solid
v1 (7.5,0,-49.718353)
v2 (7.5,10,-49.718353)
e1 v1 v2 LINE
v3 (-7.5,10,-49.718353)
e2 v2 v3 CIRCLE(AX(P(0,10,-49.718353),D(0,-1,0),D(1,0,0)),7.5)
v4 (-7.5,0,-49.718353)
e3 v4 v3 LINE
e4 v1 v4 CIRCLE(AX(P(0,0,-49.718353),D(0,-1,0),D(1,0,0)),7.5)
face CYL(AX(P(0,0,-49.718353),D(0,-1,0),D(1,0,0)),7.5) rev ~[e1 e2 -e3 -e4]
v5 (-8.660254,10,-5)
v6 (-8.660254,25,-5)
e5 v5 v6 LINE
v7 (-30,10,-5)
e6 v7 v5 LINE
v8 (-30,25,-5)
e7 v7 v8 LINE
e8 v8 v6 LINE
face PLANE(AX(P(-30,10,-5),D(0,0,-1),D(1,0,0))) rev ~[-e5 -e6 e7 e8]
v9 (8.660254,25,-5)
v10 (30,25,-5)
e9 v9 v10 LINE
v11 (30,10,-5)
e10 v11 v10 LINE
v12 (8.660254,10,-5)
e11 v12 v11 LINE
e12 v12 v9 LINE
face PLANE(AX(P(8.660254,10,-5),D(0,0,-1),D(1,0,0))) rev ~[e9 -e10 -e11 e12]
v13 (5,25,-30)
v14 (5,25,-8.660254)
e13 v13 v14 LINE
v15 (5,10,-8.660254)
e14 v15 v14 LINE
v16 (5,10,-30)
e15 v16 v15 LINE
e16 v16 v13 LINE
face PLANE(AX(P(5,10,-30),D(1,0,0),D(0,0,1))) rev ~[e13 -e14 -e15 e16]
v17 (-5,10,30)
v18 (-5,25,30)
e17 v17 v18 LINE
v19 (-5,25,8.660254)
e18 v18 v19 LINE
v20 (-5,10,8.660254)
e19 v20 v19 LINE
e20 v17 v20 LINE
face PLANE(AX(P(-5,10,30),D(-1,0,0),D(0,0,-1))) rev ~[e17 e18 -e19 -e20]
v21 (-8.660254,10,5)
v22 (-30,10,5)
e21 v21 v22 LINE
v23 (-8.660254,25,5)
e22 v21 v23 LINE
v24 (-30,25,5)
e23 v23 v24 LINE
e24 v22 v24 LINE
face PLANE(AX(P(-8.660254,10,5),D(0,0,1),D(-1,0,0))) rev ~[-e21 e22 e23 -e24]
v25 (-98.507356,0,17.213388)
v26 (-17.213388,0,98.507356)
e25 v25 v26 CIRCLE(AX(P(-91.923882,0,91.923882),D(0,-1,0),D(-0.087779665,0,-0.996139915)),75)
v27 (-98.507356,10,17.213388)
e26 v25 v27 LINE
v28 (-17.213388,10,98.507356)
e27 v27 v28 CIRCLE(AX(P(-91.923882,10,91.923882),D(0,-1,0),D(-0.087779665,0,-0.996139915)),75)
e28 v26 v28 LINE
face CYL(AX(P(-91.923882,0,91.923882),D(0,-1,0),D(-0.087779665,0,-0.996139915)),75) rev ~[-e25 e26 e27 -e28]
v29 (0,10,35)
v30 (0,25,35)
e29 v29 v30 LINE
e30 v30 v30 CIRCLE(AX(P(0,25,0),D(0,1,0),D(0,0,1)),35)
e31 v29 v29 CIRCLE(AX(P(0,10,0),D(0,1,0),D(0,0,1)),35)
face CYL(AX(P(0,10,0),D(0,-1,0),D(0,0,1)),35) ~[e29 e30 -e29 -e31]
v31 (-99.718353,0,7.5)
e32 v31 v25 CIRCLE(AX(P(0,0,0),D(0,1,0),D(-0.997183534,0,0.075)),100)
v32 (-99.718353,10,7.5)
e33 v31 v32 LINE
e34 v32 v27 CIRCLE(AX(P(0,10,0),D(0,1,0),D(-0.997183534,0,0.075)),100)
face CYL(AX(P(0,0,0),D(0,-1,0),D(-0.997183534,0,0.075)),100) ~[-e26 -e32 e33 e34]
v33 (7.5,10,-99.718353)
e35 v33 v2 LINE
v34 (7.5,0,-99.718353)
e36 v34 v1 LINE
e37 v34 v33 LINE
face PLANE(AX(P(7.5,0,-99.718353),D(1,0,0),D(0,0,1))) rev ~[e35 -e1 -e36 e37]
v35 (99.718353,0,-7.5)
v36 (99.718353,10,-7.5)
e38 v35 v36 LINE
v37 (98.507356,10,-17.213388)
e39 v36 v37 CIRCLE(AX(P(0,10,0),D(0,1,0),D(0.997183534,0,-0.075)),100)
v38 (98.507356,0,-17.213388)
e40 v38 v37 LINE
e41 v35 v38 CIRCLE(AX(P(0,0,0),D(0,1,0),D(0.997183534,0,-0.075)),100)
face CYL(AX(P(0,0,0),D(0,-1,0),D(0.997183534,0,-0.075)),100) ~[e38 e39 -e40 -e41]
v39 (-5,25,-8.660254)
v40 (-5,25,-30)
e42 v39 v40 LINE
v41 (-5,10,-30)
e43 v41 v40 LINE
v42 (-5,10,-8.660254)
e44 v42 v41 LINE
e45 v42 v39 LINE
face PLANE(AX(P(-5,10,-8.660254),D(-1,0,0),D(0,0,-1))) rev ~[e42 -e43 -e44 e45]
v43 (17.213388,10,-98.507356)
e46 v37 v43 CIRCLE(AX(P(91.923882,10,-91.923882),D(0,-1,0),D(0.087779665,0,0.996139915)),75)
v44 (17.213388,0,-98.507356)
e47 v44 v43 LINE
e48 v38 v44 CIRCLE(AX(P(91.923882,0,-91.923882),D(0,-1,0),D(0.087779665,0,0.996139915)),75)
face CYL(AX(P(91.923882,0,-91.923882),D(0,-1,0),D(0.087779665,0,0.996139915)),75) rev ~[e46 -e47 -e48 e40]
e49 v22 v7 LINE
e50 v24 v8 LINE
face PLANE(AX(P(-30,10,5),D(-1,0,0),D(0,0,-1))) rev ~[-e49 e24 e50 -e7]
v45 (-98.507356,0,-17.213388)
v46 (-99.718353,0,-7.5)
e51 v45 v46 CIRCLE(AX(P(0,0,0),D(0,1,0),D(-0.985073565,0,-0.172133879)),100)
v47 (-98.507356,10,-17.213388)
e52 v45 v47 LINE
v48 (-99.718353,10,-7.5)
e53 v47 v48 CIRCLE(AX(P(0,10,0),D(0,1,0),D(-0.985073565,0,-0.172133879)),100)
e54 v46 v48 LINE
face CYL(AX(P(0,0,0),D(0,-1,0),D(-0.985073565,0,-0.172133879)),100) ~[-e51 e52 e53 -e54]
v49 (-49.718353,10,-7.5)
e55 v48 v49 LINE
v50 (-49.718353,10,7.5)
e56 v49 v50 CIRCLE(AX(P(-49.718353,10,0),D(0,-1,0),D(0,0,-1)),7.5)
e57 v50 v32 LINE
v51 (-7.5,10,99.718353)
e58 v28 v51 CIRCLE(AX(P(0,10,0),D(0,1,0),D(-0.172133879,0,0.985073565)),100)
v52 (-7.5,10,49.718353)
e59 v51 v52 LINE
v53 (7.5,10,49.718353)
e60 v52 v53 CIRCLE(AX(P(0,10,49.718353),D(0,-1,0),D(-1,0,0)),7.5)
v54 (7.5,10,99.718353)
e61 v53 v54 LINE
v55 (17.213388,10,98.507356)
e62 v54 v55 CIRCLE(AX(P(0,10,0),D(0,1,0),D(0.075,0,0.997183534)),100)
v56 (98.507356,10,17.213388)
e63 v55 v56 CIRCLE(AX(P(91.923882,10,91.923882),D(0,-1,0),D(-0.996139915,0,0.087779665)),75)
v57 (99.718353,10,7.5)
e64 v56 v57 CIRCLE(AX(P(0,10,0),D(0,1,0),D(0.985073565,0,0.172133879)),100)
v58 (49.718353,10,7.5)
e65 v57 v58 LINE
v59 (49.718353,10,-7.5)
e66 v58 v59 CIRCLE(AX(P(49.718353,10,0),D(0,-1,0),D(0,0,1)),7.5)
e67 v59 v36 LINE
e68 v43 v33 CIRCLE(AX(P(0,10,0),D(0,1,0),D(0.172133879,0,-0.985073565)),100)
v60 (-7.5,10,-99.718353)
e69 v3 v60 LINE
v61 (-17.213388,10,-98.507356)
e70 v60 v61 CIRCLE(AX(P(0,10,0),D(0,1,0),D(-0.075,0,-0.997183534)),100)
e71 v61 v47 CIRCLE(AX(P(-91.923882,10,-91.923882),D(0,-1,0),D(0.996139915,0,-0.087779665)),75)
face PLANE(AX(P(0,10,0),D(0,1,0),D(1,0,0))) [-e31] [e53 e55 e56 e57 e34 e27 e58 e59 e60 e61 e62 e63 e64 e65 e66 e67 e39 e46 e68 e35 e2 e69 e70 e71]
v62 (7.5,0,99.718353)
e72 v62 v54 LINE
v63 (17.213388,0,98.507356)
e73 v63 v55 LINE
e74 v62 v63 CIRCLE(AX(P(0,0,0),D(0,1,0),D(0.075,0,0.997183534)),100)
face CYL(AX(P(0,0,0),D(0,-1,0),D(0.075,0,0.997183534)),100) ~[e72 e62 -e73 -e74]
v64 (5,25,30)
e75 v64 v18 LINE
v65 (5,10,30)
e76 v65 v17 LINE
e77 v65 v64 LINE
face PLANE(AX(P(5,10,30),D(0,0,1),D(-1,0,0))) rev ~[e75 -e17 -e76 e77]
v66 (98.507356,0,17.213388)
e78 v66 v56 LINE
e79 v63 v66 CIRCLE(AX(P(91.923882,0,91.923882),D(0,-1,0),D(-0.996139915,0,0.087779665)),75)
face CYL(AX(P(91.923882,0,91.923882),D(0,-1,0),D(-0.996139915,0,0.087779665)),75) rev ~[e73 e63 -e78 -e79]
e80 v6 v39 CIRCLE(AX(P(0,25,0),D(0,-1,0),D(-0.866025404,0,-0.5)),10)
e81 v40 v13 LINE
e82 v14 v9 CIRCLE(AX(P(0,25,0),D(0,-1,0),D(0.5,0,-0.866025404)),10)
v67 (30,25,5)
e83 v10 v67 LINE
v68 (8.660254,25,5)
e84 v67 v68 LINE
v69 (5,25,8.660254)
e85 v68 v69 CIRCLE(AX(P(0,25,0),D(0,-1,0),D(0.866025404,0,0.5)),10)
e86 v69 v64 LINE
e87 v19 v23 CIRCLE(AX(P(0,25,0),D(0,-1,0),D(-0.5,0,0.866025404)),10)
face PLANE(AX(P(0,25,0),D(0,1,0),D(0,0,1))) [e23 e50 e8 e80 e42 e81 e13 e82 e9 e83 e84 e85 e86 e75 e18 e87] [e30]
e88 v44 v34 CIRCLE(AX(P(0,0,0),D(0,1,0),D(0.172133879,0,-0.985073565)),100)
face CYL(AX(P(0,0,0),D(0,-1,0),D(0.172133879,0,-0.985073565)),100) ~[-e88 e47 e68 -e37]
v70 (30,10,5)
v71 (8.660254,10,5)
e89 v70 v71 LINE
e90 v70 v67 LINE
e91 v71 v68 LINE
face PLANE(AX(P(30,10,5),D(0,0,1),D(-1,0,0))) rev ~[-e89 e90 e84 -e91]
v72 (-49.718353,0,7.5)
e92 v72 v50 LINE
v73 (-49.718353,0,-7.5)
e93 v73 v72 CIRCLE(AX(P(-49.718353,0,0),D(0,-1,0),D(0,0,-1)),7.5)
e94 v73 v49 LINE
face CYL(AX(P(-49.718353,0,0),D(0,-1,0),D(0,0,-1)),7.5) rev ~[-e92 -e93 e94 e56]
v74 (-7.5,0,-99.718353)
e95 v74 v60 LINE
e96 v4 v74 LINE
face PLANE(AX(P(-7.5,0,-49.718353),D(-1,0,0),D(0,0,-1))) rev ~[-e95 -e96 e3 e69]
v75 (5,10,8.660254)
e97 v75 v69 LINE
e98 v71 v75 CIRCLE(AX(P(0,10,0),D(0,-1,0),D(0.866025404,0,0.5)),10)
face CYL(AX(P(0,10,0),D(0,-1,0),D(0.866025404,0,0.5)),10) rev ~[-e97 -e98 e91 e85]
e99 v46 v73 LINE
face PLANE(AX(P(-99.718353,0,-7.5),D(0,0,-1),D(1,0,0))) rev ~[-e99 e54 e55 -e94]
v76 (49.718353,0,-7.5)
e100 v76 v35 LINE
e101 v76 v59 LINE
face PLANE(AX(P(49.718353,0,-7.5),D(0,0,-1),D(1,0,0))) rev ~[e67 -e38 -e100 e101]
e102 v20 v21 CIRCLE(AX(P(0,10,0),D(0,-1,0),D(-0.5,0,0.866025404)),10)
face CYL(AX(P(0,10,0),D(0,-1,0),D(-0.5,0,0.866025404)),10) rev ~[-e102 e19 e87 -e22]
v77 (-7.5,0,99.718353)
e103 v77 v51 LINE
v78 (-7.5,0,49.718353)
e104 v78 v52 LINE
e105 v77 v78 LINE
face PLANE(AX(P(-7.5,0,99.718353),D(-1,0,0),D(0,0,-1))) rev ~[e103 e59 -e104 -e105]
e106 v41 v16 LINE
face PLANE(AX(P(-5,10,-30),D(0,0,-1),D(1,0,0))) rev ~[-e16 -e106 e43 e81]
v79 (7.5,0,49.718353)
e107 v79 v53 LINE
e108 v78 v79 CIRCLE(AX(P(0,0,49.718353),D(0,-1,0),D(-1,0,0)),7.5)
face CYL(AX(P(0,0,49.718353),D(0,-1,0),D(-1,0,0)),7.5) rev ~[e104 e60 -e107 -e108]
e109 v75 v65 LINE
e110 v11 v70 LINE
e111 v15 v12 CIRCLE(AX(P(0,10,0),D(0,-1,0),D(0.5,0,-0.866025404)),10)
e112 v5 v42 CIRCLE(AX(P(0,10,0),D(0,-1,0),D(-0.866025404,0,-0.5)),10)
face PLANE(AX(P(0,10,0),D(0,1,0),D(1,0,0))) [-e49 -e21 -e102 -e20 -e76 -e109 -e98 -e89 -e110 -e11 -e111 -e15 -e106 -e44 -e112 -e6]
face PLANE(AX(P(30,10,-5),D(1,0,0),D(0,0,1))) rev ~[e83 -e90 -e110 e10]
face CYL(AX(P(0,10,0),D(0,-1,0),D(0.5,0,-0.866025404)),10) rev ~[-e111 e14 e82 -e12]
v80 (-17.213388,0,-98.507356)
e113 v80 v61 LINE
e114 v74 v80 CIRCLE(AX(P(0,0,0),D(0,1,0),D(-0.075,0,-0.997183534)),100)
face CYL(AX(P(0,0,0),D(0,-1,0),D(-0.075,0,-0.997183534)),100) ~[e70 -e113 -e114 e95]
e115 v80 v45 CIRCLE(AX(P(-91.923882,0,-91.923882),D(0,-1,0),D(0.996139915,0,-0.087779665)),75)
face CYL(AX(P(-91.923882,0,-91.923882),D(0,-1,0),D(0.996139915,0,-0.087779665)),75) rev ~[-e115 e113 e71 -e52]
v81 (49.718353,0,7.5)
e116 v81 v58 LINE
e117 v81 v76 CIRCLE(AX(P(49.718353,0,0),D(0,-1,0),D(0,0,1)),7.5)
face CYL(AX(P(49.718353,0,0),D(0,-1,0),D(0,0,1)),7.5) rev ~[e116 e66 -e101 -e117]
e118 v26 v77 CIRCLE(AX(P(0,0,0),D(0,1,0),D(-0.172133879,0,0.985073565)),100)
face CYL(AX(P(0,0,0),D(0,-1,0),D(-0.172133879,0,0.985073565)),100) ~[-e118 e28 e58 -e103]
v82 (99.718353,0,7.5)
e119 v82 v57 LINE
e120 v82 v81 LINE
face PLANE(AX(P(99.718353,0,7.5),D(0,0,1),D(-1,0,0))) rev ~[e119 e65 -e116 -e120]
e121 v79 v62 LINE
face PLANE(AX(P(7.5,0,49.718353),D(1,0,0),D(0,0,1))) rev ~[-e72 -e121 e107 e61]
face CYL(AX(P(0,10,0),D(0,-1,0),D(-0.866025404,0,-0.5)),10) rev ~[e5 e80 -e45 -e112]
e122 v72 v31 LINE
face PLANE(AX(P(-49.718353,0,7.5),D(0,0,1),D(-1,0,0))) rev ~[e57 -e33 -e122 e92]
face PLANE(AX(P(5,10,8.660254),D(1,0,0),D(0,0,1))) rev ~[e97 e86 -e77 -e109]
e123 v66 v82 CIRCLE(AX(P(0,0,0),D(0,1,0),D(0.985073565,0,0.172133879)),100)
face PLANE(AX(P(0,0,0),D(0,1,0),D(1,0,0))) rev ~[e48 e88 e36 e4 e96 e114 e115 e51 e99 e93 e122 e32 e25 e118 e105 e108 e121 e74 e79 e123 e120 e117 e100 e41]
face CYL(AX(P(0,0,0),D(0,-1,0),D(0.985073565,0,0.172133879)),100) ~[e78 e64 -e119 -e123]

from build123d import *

# Parameters (mm, degrees)
BOSS_EXTRUDE3_DEPTH = 10
SKETCH2_R           = 35
BOSS_EXTRUDE4_DEPTH = 15


with BuildPart() as part:
    # Sketch1 → Boss-Extrude3 (new body)
    with BuildSketch(Plane(origin=(0, 0, 0), x_dir=(1, 0, 0), z_dir=(0, 1, 0))):
        with BuildLine():
            Line((-7.5, 49.718353376), (-7.5, 99.718353376))
            ThreePointArc((-7.5, 99.718353376), (-12.371520282, 99.231776594), (-17.213387926, 98.507356457))
            ThreePointArc((-17.213387926, 98.507356457), (-38.890872965, 38.890872965), (-98.507356457, 17.213387926))
            ThreePointArc((-98.507356457, 17.213387926), (-99.231776594, 12.371520282), (-99.718353376, 7.5))
            Line((-99.718353376, 7.5), (-49.718353376, 7.5))
            ThreePointArc((-49.718353376, 7.5), (-42.218353376, 0), (-49.718353376, -7.5))
            Line((-49.718353376, -7.5), (-99.718353376, -7.5))
            ThreePointArc((-99.718353376, -7.5), (-99.231776594, -12.371520282), (-98.507356457, -17.213387926))
            ThreePointArc((-98.507356457, -17.213387926), (-38.890872965, -38.890872965), (-17.213387926, -98.507356457))
            ThreePointArc((-17.213387926, -98.507356457), (-12.371520282, -99.231776594), (-7.5, -99.718353376))
            Line((-7.5, -99.718353376), (-7.5, -49.718353376))
            ThreePointArc((-7.5, -49.718353376), (0, -42.218353376), (7.5, -49.718353376))
            Line((7.5, -49.718353376), (7.5, -99.718353376))
            ThreePointArc((7.5, -99.718353376), (12.371520282, -99.231776594), (17.213387926, -98.507356457))
            ThreePointArc((17.213387926, -98.507356457), (38.890872965, -38.890872965), (98.507356457, -17.213387926))
            ThreePointArc((98.507356457, -17.213387926), (99.231776594, -12.371520282), (99.718353376, -7.5))
            Line((99.718353376, -7.5), (49.718353376, -7.5))
            ThreePointArc((49.718353376, -7.5), (42.218353376, 0), (49.718353376, 7.5))
            Line((49.718353376, 7.5), (99.718353376, 7.5))
            ThreePointArc((99.718353376, 7.5), (99.231776594, 12.371520282), (98.507356457, 17.213387926))
            ThreePointArc((98.507356457, 17.213387926), (38.890872965, 38.890872965), (17.213387926, 98.507356457))
            ThreePointArc((17.213387926, 98.507356457), (12.371520282, 99.231776594), (7.5, 99.718353376))
            Line((7.5, 99.718353376), (7.5, 49.718353376))
            ThreePointArc((7.5, 49.718353376), (0, 42.218353376), (-7.5, 49.718353376))
        make_face()
    extrude(amount=BOSS_EXTRUDE3_DEPTH)

    # Sketch2 → Boss-Extrude4 (add)
    with BuildSketch(Plane(origin=(0, 10, 0), x_dir=(1, 0, 0), z_dir=(0, 1, 0))):
        with Locations(Location((0, 0, 0), (0, 0, 270))):
            Circle(SKETCH2_R)
        with BuildLine():
            Line((-5, 8.660254038), (-5, 30))
            Line((-5, 30), (5, 30))
            Line((5, 30), (5, 8.660254038))
            ThreePointArc((5, 8.660254038), (7.071067812, 7.071067812), (8.660254038, 5))
            Line((8.660254038, 5), (30, 5))
            Line((30, 5), (30, -5))
            Line((30, -5), (8.660254038, -5))
            ThreePointArc((8.660254038, -5), (7.071067812, -7.071067812), (5, -8.660254038))
            Line((5, -8.660254038), (5, -30))
            Line((5, -30), (-5, -30))
            Line((-5, -30), (-5, -8.660254038))
            ThreePointArc((-5, -8.660254038), (-7.071067812, -7.071067812), (-8.660254038, -5))
            Line((-8.660254038, -5), (-30, -5))
            Line((-30, -5), (-30, 5))
            Line((-30, 5), (-8.660254038, 5))
            ThreePointArc((-8.660254038, 5), (-7.071067812, 7.071067812), (-5, 8.660254038))
        make_face(mode=Mode.SUBTRACT)
    extrude(amount=BOSS_EXTRUDE4_DEPTH)


solid = part.part
